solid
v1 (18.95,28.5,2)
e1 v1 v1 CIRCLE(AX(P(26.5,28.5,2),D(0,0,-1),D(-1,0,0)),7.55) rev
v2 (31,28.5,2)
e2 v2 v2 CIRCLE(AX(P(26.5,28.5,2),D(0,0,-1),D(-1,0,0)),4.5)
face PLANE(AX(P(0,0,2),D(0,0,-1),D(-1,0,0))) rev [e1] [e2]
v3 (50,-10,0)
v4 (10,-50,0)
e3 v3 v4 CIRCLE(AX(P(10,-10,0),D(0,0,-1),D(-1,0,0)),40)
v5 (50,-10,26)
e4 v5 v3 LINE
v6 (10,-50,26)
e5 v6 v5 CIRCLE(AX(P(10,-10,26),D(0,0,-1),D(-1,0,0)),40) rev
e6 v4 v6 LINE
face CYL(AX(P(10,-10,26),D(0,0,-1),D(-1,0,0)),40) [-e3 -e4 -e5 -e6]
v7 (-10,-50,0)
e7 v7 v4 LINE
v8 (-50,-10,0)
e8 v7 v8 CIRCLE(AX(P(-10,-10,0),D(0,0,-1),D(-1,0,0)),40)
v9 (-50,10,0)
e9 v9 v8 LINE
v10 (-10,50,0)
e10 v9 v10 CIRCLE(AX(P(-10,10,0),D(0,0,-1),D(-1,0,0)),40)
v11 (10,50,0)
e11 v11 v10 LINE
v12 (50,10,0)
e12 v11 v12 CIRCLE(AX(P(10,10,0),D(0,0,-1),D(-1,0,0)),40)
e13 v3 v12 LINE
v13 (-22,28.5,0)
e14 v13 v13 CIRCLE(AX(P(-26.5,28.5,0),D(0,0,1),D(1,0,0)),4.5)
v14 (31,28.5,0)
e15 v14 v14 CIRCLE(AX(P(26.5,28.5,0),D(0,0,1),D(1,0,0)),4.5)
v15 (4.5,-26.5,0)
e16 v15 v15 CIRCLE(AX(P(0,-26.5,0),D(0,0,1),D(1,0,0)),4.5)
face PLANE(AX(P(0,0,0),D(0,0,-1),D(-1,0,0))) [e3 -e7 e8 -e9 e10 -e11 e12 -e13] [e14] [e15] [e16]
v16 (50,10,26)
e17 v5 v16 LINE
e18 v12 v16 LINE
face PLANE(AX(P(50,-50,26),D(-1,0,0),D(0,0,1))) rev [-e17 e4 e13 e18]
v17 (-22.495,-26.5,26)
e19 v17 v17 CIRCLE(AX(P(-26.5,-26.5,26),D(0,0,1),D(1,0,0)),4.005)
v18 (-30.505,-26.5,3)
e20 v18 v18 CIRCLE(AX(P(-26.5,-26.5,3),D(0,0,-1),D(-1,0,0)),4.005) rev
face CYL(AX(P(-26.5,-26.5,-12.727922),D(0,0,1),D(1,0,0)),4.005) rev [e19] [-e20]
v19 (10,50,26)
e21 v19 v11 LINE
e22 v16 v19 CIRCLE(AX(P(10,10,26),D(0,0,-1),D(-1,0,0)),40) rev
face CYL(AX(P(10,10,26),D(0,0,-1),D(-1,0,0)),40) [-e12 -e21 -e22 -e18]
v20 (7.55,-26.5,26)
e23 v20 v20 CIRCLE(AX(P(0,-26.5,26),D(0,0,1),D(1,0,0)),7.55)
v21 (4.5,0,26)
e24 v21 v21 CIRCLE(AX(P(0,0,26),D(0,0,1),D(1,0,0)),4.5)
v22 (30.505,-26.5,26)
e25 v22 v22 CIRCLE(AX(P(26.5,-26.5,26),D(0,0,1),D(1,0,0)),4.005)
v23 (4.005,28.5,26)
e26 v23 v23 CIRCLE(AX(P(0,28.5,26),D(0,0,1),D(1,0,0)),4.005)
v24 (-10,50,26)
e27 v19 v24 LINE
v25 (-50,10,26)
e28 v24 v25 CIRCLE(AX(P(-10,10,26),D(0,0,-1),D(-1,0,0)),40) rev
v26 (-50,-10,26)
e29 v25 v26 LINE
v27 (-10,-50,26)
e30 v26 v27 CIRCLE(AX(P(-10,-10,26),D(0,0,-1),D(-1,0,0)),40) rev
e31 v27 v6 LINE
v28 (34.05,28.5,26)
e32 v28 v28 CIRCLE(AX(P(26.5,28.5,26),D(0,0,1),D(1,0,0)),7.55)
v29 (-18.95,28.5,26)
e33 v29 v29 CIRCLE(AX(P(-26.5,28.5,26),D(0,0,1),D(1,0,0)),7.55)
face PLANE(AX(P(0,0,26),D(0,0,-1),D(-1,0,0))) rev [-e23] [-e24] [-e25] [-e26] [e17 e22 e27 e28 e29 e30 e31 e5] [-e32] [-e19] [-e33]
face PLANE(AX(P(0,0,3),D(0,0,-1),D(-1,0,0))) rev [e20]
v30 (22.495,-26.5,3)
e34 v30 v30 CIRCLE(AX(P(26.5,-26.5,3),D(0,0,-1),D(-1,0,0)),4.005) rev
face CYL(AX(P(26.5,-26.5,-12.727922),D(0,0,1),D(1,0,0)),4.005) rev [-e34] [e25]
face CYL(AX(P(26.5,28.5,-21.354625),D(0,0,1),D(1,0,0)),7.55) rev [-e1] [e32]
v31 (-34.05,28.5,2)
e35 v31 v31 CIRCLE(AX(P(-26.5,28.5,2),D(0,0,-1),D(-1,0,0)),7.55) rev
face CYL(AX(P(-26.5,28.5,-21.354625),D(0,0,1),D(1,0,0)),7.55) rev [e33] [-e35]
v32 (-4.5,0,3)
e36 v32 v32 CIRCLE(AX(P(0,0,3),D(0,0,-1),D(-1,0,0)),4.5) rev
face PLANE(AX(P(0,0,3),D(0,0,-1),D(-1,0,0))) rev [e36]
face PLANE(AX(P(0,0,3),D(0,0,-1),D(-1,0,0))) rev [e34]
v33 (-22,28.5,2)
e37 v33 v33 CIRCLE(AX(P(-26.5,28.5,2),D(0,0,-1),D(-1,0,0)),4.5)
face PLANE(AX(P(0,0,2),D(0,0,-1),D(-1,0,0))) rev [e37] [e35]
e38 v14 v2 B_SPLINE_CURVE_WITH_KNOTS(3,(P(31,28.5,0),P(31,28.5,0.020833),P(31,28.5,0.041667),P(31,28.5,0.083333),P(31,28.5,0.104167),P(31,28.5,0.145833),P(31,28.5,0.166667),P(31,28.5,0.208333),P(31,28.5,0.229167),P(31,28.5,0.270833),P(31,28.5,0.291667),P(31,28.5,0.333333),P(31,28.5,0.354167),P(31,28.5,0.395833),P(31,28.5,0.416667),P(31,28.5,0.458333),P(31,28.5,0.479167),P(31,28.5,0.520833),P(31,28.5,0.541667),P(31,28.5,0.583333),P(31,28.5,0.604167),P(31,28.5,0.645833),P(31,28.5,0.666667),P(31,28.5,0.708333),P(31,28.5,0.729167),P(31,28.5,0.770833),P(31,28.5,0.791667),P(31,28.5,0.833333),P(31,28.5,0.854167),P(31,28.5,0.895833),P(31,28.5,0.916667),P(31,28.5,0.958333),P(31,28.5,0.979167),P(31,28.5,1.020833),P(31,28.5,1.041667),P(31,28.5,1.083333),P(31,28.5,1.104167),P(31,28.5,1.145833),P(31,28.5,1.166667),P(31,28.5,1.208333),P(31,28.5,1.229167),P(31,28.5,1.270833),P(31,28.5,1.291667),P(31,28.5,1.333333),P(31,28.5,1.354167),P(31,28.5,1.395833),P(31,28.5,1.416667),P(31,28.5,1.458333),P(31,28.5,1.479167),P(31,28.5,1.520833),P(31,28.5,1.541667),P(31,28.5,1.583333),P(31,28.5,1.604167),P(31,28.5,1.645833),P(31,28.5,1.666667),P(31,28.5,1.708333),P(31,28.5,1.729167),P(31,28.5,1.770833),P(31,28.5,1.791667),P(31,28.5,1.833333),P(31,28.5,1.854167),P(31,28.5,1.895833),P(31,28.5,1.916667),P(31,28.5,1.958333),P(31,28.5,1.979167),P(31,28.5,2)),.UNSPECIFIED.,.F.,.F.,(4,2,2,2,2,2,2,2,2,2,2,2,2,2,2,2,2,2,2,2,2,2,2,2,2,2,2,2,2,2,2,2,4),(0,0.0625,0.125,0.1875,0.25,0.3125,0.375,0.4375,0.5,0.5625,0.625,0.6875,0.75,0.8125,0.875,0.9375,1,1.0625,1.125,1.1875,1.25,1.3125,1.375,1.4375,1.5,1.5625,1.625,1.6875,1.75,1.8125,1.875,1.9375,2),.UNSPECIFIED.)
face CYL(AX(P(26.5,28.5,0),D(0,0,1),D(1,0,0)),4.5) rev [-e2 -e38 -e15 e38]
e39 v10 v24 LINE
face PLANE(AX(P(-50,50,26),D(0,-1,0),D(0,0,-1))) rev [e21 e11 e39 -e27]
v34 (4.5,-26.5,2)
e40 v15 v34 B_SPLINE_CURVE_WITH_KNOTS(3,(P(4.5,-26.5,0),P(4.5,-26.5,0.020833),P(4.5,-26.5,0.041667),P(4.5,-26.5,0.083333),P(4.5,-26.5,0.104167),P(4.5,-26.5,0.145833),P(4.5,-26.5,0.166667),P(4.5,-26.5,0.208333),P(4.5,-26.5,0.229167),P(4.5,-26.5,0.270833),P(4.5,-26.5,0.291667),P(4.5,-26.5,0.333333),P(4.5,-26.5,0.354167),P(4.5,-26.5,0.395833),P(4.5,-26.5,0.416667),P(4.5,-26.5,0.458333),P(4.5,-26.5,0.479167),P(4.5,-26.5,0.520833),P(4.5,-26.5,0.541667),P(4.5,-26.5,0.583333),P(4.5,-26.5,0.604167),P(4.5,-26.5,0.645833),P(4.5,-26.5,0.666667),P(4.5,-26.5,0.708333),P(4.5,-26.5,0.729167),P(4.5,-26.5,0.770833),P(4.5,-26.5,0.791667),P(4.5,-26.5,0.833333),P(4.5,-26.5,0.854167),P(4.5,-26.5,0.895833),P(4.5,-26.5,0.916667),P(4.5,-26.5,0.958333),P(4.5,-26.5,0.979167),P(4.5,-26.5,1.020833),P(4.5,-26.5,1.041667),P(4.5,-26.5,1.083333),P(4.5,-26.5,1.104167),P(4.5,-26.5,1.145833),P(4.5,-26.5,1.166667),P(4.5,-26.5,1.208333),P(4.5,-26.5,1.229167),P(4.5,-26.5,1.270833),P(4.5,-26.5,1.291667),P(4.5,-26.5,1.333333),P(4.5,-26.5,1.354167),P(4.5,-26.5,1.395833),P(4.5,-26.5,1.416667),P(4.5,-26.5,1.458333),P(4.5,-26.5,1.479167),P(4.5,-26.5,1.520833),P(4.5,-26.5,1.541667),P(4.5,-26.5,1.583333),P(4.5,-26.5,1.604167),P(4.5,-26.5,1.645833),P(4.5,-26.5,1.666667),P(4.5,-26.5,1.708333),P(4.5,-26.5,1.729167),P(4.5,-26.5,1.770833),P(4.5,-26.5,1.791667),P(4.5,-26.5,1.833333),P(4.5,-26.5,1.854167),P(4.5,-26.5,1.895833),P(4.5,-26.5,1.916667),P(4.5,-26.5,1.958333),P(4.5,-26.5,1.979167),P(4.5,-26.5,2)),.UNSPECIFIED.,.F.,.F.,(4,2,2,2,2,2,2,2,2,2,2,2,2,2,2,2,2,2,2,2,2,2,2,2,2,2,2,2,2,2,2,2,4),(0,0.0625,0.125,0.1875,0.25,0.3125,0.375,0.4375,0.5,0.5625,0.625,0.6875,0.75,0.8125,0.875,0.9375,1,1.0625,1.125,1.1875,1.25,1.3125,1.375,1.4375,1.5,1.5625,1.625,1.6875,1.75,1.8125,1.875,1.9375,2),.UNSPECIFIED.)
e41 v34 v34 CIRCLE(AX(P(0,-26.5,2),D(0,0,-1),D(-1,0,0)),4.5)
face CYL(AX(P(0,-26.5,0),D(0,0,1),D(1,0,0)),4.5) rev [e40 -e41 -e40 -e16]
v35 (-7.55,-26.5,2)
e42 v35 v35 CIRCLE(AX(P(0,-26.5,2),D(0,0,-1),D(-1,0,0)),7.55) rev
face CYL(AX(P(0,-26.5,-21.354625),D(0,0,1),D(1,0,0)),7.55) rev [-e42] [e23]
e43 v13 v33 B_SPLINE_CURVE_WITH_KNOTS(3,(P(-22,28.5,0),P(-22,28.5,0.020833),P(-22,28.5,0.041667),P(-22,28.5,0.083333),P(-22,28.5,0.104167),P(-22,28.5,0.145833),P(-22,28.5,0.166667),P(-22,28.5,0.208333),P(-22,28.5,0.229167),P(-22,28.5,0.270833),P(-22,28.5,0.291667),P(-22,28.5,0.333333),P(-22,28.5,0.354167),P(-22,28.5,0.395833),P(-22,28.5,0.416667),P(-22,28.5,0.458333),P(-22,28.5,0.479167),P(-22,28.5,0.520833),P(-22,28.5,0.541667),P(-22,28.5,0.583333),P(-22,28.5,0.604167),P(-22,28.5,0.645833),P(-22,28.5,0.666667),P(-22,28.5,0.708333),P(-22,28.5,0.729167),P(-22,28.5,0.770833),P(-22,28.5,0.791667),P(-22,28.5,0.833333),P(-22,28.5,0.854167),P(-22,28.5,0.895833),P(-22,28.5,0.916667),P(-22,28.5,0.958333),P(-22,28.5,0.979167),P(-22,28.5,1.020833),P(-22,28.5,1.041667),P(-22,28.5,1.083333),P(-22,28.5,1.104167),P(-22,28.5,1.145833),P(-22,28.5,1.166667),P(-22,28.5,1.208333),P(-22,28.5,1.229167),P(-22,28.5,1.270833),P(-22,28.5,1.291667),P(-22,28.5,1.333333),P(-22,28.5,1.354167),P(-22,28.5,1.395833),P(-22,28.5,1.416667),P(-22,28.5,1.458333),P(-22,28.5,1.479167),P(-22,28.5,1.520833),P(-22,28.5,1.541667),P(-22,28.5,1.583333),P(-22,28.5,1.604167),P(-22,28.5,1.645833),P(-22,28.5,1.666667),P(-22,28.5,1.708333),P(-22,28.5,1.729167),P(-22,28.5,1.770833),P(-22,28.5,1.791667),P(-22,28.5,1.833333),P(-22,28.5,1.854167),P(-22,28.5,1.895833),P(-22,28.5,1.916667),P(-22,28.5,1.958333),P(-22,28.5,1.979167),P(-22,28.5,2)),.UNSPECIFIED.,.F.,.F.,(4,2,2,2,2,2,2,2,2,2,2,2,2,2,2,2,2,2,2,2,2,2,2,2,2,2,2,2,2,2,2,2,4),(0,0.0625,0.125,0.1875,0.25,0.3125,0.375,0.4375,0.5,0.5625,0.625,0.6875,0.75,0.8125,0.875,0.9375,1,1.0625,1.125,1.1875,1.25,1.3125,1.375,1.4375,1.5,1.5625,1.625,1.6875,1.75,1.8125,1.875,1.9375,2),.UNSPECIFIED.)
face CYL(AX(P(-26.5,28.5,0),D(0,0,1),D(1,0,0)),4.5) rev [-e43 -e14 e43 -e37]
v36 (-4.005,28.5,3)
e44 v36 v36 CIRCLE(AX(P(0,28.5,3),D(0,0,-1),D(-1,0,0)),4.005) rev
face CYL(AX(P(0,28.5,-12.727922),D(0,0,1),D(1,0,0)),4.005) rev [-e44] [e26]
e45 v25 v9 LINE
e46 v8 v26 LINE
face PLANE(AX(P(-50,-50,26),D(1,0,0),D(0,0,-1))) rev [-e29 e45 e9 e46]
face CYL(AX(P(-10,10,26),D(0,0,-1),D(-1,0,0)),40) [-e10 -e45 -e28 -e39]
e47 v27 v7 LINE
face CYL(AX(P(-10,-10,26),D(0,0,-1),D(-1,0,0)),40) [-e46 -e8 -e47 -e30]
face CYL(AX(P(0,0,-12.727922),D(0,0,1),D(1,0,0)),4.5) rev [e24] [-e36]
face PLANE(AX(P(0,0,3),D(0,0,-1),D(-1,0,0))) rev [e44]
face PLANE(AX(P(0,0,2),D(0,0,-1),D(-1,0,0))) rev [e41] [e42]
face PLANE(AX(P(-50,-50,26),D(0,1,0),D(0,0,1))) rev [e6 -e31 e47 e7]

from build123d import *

# Parameters (mm, degrees)
SKETCH1_W               = 100
SKETCH1_H               = 100
BOSS_EXTRUDE1_DEPTH     = 26
SKETCH2_R               = 4.005
SKETCH2_R_2             = 4.5
CUT_EXTRUDE1_DEPTH      = 23
SKETCH4_R               = 7.55
CUT_EXTRUDE2_DEPTH      = 24
CUT_EXTRUDE3_DEPTH      = 76.339232807
CUT_EXTRUDE3_DEPTH_BACK = 76.339232807
SKETCH5_R               = 4.5
FILLET1_R               = 40


with BuildPart() as part:
    # Sketch1 → Boss-Extrude1 (new body)
    with BuildSketch(Plane.XY):
        Rectangle(SKETCH1_W, SKETCH1_H)
    extrude(amount=BOSS_EXTRUDE1_DEPTH)

    # Sketch2 → Cut-Extrude1 (cut)
    with BuildSketch(Plane.XY.offset(26)):
        with Locations((0, 28.499999998)):
            Circle(SKETCH2_R)
        with Locations((-26.5, -26.500000001)):
            Circle(SKETCH2_R)
        with Locations((26.5, -26.500000001)):
            Circle(SKETCH2_R)
        Circle(SKETCH2_R_2)
    extrude(amount=-CUT_EXTRUDE1_DEPTH, mode=Mode.SUBTRACT)

    # Sketch4 → Cut-Extrude2 (cut)
    with BuildSketch(Plane.XY.offset(26)):
        with Locations((-26.5, 28.499999998)):
            Circle(SKETCH4_R)
        with Locations((26.5, 28.499999998)):
            Circle(SKETCH4_R)
        with Locations((0, -26.500000002)):
            Circle(SKETCH4_R)
    extrude(amount=-CUT_EXTRUDE2_DEPTH, mode=Mode.SUBTRACT)

    # Sketch5 → Cut-Extrude3 (cut, two sides: drawn at the far end of the back side and taken through both)
    with BuildSketch(Plane.XY.offset(26).offset(-CUT_EXTRUDE3_DEPTH_BACK)):
        with Locations((-26.5, 28.499999998)):
            Circle(SKETCH5_R)
        with Locations((26.5, 28.499999998)):
            Circle(SKETCH5_R)
        with Locations((0, -26.500000002)):
            Circle(SKETCH5_R)
    extrude(amount=CUT_EXTRUDE3_DEPTH + CUT_EXTRUDE3_DEPTH_BACK, mode=Mode.SUBTRACT)

    # Fillet1
    fillet1_edges = [part.edges().sort_by_distance(p)[0] for p in [
        (50, -50, 13),
        (-50, -50, 13),
        (-50, 50, 13),
        (50, 50, 13),
    ]]
    fillet(fillet1_edges, radius=FILLET1_R)


solid = part.part
